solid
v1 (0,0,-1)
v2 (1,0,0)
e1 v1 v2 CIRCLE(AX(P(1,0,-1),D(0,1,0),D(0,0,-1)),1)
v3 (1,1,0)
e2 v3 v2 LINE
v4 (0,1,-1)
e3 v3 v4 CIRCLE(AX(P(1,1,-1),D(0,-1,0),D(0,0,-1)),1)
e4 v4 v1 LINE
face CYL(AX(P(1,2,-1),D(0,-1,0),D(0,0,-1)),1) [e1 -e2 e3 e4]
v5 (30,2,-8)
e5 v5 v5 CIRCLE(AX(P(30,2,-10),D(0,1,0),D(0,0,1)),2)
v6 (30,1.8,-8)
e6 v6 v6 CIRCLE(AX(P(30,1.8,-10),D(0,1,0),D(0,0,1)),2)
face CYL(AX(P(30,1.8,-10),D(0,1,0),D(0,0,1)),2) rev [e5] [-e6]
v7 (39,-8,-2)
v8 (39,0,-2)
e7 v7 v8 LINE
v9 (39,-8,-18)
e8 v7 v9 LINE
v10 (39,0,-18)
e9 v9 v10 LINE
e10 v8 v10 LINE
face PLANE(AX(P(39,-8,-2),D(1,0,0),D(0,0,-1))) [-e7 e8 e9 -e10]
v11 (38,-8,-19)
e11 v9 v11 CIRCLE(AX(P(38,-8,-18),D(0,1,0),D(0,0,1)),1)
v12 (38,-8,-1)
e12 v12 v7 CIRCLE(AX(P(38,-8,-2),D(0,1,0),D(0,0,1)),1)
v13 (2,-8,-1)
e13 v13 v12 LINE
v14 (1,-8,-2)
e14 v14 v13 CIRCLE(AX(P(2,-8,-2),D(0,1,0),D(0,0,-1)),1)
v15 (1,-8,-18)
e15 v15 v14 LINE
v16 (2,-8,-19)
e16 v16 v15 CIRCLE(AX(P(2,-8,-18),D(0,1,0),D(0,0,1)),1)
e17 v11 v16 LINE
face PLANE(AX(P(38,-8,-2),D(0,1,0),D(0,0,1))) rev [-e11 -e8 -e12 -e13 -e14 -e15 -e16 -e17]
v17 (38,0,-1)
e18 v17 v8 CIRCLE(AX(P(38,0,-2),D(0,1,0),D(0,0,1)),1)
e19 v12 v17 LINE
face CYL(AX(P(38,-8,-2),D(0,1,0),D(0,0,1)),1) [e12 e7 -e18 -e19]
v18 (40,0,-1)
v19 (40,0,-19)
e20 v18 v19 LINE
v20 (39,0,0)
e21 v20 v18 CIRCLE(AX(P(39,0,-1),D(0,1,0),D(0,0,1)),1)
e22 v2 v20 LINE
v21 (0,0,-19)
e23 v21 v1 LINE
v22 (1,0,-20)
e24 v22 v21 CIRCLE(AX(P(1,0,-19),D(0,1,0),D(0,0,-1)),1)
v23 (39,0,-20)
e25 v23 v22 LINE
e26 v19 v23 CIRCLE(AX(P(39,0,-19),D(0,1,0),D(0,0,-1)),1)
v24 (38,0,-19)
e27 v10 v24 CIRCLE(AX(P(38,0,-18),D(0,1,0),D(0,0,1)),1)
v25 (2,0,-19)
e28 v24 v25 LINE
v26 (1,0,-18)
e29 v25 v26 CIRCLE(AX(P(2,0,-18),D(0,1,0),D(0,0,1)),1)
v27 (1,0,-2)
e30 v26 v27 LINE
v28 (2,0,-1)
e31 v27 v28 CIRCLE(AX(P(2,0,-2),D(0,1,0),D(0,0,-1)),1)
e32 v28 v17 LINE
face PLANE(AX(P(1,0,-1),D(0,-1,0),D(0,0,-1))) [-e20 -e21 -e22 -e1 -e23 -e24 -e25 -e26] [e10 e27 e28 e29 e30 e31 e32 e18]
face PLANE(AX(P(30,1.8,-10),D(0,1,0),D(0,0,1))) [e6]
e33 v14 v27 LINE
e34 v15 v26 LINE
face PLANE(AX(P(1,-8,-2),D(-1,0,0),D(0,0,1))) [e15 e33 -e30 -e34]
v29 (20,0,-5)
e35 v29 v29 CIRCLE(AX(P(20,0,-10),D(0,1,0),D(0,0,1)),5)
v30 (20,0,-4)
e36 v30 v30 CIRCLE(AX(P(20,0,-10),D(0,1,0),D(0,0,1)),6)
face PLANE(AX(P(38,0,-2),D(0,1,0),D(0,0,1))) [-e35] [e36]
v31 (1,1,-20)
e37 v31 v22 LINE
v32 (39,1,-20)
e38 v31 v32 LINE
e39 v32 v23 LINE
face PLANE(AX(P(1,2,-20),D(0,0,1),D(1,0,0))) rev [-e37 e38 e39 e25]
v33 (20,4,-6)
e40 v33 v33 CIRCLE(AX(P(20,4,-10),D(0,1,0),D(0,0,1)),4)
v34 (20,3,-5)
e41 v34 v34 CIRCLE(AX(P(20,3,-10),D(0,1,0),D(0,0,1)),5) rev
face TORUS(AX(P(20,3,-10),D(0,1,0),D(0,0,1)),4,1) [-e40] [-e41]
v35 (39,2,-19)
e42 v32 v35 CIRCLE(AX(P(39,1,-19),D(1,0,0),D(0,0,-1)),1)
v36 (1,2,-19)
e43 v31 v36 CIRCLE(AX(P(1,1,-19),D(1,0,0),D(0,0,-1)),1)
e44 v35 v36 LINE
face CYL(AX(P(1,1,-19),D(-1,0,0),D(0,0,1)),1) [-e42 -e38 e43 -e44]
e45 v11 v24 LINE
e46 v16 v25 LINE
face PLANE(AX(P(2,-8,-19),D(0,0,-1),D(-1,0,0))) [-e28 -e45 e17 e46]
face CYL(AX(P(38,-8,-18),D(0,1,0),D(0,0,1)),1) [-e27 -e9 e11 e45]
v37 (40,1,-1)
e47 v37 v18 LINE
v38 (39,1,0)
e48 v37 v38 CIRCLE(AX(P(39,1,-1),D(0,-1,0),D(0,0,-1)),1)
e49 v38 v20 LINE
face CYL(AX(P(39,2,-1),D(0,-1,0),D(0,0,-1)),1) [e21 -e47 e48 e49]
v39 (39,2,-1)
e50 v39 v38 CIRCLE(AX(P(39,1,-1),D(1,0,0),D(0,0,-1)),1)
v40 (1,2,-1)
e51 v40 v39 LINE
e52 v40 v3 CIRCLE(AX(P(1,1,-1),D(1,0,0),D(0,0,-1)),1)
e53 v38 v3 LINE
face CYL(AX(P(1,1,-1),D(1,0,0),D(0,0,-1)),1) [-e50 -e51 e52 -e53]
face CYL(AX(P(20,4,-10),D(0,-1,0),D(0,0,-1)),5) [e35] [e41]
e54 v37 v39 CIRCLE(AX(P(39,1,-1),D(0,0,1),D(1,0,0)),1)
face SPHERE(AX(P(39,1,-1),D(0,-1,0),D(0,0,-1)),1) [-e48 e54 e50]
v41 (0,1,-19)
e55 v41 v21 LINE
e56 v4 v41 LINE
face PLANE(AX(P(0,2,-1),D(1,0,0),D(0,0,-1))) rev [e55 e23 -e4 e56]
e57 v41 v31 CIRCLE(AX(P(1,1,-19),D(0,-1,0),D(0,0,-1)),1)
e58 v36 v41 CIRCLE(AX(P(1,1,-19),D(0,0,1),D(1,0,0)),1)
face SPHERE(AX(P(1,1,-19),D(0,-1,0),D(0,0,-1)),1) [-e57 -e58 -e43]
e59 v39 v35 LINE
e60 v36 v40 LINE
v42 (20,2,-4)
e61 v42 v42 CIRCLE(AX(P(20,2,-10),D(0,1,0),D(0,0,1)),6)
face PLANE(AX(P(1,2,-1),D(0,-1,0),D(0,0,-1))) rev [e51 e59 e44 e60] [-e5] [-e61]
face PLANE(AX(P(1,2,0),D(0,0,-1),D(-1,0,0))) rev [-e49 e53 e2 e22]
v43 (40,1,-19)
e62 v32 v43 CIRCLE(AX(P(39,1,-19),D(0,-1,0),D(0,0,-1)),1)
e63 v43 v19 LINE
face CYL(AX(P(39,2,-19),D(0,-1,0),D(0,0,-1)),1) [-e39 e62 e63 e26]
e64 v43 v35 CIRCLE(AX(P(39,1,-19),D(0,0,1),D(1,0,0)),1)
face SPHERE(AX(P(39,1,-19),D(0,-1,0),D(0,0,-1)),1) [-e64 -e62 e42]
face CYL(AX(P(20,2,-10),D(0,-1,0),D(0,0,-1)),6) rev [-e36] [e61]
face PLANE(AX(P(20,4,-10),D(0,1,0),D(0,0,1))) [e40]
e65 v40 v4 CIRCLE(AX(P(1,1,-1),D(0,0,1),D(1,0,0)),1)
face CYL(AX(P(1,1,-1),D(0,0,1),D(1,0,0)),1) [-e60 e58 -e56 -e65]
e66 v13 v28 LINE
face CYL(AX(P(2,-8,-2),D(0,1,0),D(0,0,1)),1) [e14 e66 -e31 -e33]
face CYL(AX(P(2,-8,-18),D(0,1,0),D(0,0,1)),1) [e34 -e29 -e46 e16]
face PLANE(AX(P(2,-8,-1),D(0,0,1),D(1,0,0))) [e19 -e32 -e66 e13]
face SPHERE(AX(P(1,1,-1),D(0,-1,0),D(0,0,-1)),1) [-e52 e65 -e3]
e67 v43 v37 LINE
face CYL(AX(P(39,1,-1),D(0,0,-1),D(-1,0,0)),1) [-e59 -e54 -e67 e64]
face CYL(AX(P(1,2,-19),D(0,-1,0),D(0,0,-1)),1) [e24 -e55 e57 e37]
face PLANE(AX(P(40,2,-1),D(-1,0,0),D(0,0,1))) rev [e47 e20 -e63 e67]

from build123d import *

# Parameters (mm, degrees)
SKETCH1_R           = 6
BOSS_EXTRUDE1_DEPTH = 2
BOSS_EXTRUDE2_DEPTH = 8
SKETCH3_R           = 5
BOSS_EXTRUDE3_DEPTH = 4
SKETCH4_R           = 2
CUT_EXTRUDE1_DEPTH  = 0.2
FILLET1_R           = 1


with BuildPart() as part:
    # Sketch1 → Boss-Extrude1 (new body)
    with BuildSketch(Plane(origin=(0, 0, 0), x_dir=(1, 0, 0), z_dir=(0, 1, 0))):
        with BuildLine():
            Line((1, 0), (39, 0))
            ThreePointArc((39, 0), (39.707106781, 0.292893219), (40, 1))
            Line((40, 1), (40, 19))
            ThreePointArc((40, 19), (39.707106781, 19.707106781), (39, 20))
            Line((39, 20), (1, 20))
            ThreePointArc((1, 20), (0.292893219, 19.707106781), (0, 19))
            Line((0, 19), (0, 1))
            ThreePointArc((0, 1), (0.292893219, 0.292893219), (1, 0))
        make_face()
        with Locations(Location((20, 10, 0), (0, 0, 270))):
            Circle(SKETCH1_R, mode=Mode.SUBTRACT)
    extrude(amount=BOSS_EXTRUDE1_DEPTH)

    # Sketch2 → Boss-Extrude2 (add)
    with BuildSketch(Plane(origin=(0, 0, 0), x_dir=(1, 0, 0), z_dir=(0, 1, 0))):
        with BuildLine():
            Line((2, 1), (38, 1))
            ThreePointArc((38, 1), (38.707106781, 1.292893219), (39, 2))
            Line((39, 2), (39, 18))
            ThreePointArc((39, 18), (38.707106781, 18.707106781), (38, 19))
            Line((38, 19), (2, 19))
            ThreePointArc((2, 19), (1.292893219, 18.707106781), (1, 18))
            Line((1, 18), (1, 2))
            ThreePointArc((1, 2), (1.292893219, 1.292893219), (2, 1))
        make_face()
    extrude(amount=-BOSS_EXTRUDE2_DEPTH)

    # Sketch3 → Boss-Extrude3 (add)
    with BuildSketch(Plane(origin=(0, 0, 0), x_dir=(1, 0, 0), z_dir=(0, 1, 0))):
        with Locations(Location((20, 10, 0), (0, 0, 270))):
            Circle(SKETCH3_R)
    extrude(amount=BOSS_EXTRUDE3_DEPTH)

    # Sketch4 → Cut-Extrude1 (cut)
    with BuildSketch(Plane(origin=(0, 2, 0), x_dir=(1, 0, 0), z_dir=(0, 1, 0))):
        with Locations(Location((30, 10, 0), (0, 0, 270))):
            Circle(SKETCH4_R)
    extrude(amount=-CUT_EXTRUDE1_DEPTH, mode=Mode.SUBTRACT)

    # Fillet1
    fillet1_edges = [part.edges().sort_by_distance(p)[0] for p in [
        (39.707106781, 2, -0.292893219),
        (40, 2, -10),
        (39.707106781, 2, -19.707106781),
        (20, 2, -20),
        (0.292893219, 2, -19.707106781),
        (0, 2, -10),
        (0.292893219, 2, -0.292893219),
        (20, 4, -15),
        (20, 2, 0),
    ]]
    fillet(fillet1_edges, radius=FILLET1_R)


solid = part.part
